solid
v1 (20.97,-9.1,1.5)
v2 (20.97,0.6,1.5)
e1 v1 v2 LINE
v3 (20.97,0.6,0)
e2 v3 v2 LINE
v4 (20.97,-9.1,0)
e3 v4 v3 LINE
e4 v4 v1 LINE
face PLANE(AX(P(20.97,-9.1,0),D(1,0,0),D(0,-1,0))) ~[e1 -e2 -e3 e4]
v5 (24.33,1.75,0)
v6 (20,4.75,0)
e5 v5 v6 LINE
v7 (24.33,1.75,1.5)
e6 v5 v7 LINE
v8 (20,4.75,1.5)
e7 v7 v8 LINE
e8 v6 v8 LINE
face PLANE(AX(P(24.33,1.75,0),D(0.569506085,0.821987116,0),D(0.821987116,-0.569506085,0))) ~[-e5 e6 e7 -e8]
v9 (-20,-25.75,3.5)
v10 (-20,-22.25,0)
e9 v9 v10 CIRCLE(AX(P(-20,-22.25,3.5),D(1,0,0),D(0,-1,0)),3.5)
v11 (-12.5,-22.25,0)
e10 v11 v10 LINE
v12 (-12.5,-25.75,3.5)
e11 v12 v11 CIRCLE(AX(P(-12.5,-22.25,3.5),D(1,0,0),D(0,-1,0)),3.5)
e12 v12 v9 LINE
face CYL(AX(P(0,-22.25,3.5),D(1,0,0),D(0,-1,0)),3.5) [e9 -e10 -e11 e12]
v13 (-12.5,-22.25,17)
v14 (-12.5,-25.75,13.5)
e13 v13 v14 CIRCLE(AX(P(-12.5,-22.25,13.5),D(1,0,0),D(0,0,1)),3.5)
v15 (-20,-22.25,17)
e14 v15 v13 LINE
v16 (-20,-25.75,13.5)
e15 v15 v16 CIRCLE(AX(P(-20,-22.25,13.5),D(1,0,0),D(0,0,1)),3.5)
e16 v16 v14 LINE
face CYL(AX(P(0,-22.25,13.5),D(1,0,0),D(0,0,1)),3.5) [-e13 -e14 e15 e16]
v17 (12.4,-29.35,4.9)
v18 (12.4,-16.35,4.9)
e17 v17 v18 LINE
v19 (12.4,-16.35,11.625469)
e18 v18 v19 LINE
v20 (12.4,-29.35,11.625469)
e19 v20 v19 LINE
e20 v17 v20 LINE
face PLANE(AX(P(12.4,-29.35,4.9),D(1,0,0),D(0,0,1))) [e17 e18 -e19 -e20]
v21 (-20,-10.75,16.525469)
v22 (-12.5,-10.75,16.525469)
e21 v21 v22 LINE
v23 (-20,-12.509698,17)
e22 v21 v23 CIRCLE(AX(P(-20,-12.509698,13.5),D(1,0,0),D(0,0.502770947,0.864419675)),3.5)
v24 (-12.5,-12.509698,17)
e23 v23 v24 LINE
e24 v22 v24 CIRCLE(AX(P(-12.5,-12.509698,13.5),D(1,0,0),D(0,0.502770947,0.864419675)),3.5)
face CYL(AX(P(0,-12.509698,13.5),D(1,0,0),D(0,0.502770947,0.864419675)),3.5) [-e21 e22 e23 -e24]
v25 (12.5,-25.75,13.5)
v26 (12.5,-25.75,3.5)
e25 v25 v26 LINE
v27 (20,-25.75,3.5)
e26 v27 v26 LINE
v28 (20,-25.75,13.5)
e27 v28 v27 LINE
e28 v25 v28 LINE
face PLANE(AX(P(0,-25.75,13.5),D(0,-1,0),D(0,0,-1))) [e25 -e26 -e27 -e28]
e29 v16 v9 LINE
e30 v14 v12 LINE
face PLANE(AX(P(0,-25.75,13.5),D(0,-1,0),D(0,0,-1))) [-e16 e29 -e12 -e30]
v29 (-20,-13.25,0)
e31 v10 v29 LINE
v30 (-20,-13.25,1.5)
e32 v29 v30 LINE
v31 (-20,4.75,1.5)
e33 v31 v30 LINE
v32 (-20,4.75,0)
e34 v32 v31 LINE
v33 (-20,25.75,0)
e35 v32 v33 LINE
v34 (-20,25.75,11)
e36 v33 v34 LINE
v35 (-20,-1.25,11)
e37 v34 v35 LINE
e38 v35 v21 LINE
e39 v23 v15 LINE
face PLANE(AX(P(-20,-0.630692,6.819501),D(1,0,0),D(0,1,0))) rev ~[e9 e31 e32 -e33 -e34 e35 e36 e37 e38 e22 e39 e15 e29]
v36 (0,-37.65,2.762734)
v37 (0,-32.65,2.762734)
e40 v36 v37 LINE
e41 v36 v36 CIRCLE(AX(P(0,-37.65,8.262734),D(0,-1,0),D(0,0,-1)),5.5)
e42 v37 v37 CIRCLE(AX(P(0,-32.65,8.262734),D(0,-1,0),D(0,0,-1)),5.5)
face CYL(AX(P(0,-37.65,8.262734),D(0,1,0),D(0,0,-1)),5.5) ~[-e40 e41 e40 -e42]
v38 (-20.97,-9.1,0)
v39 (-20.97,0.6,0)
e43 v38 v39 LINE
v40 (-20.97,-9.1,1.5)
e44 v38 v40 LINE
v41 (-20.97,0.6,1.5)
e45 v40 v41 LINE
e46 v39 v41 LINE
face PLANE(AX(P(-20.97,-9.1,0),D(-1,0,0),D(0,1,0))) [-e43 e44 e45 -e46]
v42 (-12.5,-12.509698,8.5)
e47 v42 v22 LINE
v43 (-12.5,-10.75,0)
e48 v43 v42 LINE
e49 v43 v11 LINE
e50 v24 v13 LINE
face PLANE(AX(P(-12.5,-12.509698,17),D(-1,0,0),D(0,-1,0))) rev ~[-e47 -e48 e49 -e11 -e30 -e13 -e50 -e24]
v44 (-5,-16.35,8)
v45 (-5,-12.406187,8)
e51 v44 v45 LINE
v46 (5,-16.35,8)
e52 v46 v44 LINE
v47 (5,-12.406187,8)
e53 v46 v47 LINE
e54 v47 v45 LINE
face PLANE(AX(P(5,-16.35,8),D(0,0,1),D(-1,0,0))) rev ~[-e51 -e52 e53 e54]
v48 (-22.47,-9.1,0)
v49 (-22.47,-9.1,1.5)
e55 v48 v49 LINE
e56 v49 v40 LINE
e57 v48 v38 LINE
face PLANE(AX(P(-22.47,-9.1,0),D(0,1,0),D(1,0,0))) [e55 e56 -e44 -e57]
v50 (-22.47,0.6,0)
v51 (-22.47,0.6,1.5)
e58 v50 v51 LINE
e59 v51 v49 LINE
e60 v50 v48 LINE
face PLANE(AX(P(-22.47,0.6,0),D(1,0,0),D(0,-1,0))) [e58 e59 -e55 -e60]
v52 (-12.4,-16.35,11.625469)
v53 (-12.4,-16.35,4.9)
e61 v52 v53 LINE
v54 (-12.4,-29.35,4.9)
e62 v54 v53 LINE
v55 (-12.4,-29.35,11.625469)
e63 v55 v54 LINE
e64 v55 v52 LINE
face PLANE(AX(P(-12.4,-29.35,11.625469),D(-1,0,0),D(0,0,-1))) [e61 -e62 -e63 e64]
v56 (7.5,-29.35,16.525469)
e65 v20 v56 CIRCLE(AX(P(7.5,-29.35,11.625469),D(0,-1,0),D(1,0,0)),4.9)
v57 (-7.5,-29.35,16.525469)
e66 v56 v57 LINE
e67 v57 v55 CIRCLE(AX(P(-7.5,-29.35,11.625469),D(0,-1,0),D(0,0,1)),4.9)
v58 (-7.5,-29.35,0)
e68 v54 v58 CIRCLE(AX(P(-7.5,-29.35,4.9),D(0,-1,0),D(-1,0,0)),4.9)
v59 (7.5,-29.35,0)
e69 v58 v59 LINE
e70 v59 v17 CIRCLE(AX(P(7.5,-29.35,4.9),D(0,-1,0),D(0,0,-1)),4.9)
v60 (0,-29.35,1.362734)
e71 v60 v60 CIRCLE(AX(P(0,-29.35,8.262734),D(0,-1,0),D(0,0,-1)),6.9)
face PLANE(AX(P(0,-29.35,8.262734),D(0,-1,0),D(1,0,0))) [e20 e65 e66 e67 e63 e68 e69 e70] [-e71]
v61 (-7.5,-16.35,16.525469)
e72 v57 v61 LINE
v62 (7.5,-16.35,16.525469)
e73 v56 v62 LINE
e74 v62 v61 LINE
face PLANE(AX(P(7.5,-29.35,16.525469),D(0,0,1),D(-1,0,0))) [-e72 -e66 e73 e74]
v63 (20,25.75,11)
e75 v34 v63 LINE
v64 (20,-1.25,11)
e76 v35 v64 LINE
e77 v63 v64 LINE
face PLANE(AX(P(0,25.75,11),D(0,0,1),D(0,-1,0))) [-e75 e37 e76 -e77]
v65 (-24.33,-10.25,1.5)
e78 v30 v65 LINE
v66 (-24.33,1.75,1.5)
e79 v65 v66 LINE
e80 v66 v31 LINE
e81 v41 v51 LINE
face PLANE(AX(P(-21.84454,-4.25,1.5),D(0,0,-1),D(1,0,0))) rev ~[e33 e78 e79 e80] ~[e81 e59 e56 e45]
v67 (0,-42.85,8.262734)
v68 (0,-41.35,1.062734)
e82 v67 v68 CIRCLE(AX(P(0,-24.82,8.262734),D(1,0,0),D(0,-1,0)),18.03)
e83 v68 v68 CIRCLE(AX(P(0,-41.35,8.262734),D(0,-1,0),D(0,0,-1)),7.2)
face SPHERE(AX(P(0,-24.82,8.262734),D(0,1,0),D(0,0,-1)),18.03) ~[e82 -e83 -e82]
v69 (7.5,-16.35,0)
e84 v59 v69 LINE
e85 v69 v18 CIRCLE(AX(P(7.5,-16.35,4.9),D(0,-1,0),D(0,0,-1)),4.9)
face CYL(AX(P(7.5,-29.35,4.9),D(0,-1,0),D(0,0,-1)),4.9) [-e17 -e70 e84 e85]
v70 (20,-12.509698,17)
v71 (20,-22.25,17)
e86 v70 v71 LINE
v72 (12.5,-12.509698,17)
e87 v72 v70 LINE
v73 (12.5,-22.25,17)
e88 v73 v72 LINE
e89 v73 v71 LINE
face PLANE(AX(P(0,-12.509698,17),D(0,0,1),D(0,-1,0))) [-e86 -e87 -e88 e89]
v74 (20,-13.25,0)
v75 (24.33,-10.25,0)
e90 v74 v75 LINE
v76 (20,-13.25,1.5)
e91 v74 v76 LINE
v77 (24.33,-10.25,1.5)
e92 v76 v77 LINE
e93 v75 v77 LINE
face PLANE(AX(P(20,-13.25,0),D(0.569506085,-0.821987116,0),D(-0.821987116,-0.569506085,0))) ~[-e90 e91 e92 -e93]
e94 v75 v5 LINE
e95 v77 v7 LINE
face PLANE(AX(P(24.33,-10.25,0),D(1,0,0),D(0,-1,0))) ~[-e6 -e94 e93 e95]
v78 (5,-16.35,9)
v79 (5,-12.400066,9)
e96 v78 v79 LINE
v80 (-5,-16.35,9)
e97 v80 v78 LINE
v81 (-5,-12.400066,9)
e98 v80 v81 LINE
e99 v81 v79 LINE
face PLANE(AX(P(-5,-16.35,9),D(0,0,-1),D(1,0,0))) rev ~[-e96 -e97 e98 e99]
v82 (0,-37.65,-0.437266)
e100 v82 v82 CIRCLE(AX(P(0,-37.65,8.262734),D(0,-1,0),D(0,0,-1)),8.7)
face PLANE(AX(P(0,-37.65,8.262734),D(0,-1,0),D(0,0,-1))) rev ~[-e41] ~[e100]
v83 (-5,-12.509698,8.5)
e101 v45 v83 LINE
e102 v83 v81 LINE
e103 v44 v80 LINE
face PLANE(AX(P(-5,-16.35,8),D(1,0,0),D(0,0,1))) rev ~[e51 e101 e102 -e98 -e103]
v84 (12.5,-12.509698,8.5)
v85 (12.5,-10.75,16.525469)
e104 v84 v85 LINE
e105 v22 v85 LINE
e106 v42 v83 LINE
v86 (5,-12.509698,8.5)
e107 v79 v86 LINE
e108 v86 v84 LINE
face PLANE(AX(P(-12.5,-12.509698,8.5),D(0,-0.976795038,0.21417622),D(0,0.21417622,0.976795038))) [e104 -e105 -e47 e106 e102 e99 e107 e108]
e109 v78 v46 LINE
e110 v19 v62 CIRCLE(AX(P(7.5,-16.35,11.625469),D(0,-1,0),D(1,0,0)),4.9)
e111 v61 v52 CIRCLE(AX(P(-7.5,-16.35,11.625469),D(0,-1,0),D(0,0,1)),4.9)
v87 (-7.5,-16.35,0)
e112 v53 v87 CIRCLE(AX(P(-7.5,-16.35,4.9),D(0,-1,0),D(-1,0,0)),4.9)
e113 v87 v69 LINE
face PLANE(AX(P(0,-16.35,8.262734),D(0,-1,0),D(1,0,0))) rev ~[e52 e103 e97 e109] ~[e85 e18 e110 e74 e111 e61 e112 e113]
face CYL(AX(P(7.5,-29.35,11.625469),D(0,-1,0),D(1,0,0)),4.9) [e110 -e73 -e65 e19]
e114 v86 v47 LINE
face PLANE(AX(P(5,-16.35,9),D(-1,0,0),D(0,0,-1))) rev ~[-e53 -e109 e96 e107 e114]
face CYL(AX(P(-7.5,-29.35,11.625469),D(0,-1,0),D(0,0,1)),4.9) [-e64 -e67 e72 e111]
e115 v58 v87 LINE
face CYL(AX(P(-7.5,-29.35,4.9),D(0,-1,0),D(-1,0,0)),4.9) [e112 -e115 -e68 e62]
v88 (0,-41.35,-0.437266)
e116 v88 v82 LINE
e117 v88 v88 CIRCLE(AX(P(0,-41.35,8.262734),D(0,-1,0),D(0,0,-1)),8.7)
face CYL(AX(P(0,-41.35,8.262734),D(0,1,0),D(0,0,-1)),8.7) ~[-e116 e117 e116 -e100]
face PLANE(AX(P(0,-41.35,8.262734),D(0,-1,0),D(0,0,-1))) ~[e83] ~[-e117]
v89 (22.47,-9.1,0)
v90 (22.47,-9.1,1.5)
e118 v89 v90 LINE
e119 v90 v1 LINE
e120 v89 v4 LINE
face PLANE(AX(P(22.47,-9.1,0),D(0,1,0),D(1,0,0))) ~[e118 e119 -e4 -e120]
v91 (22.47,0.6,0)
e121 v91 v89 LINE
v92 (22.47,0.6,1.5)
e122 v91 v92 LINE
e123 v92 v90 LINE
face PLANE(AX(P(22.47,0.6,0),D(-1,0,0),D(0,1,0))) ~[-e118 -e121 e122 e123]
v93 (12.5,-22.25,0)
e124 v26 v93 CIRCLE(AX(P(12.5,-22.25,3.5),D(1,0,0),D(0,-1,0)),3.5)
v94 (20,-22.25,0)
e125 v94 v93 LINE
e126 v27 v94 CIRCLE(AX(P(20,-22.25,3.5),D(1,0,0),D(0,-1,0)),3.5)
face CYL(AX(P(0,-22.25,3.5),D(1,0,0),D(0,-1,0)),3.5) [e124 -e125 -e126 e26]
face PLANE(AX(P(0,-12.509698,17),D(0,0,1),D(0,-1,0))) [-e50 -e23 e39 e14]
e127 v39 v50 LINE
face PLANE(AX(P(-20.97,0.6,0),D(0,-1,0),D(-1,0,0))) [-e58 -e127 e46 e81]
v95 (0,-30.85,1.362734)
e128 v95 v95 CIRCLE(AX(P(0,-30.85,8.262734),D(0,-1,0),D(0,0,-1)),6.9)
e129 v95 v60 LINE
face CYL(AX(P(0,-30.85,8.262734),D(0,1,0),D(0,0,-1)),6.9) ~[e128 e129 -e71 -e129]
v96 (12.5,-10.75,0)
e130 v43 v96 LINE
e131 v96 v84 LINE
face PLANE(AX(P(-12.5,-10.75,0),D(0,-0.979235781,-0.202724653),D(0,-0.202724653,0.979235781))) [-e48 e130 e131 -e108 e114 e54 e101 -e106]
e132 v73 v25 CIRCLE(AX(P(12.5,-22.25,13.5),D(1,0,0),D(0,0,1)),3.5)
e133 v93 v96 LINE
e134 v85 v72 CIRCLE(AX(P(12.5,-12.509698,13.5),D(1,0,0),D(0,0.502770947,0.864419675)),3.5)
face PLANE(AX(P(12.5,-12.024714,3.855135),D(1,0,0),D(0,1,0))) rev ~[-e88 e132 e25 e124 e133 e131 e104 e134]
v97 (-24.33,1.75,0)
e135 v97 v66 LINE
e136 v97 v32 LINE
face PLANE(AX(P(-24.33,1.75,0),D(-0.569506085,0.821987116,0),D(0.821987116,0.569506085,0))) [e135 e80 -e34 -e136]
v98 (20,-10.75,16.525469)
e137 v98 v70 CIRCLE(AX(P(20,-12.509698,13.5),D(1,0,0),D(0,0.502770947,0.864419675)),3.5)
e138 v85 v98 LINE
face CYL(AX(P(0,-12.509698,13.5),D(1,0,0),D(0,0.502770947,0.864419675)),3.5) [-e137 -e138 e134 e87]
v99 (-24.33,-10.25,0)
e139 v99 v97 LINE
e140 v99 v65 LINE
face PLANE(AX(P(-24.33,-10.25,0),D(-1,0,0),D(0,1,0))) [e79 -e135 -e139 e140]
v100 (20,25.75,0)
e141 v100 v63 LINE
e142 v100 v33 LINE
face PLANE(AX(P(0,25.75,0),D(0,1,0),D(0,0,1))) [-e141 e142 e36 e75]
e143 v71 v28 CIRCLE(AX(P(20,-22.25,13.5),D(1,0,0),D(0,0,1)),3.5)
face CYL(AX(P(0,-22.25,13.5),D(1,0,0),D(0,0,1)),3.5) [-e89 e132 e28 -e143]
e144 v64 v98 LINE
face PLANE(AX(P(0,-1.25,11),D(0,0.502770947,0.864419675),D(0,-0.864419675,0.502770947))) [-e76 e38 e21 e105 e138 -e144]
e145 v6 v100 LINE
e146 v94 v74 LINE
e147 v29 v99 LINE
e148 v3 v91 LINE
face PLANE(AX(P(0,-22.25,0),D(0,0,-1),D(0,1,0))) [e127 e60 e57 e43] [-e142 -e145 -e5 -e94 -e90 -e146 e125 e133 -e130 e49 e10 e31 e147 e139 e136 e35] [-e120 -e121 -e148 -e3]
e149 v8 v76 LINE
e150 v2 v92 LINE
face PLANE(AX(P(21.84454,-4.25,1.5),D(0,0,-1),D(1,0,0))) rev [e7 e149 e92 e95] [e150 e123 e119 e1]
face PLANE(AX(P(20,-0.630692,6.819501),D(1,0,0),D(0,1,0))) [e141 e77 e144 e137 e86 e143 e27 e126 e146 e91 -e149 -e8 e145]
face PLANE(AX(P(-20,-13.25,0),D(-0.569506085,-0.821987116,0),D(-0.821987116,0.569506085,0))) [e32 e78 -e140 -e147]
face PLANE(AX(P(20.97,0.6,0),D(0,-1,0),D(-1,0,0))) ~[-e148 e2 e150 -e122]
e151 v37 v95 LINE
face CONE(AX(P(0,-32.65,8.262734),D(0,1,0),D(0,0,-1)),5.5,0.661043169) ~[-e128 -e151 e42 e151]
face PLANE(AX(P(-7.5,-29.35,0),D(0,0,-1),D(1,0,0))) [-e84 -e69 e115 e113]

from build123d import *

# Parameters (mm, degrees)
F1_DEPTH  = 20
F3_DEPTH  = 17
F5_DEPTH  = 25
F7_DEPTH  = 1.5
F11_DEPTH = 13
F13_DEPTH = 42.1


with BuildPart() as f1:
    # F0 (on Right) → F1 (new body, symmetric)
    with BuildSketch(Plane.YZ):
        with BuildLine():
            Line((25.75, 0), (25.75, 11))
            Line((25.75, 11), (-1.25, 11))
            Line((-1.25, 11), (-10.75, 16.5254688627))
            ThreePointArc((-10.75, 16.5254688627), (-11.5984192745, 16.8792855028), (-12.5096983153, 17))
            Line((-12.5096983153, 17), (-22.25, 17))
            ThreePointArc((-22.25, 17), (-24.7248737342, 15.9748737342), (-25.75, 13.5))
            Line((-25.75, 13.5), (-25.75, 3.5))
            ThreePointArc((-25.75, 3.5), (-24.7248737342, 1.0251262658), (-22.25, 0))
            Line((-22.25, 0), (25.75, 0))
        make_face()
    extrude(amount=F1_DEPTH, both=True)

    # F2 (on face) → F3 (cut, through all)
    with BuildSketch(Plane.XY.offset(17)):
        Polygon((0, -12.5096983153), (-12.5, -12.5096983153), (-12.5, -25.75), (0, -25.75), (12.5, -25.75), (12.5, -12.5096983153), align=None)
    extrude(amount=-F3_DEPTH, mode=Mode.SUBTRACT)

    # F4 (on face) → F5 (cut, through all)
    with BuildSketch(Plane.YZ.offset(-12.5)):
        Polygon((-10.75, 0), (-12.5096983153, 8.5), (-12.5096983153, 0), align=None)
        with BuildLine():
            Line((-12.5096983153, 8.5), (-10.75, 16.5254688627))
            ThreePointArc((-10.75, 16.5254688627), (-11.5984192745, 16.8792855028), (-12.5096983153, 17))
            Line((-12.5096983153, 17), (-12.5096983153, 8.5))
        make_face()
    extrude(amount=F5_DEPTH, mode=Mode.SUBTRACT)

    # F6 (on face) → F7 (join)
    with BuildSketch(Plane(origin=(0, 0, 0), x_dir=(1, 0, 0), z_dir=(0, 0, -1))):
        Polygon((-24.33, -1.75), (-20, -4.75), (-20, 13.25), (-24.33, 10.25), (-24.33, 4.25), align=None)
        Polygon((-22.47, 4.25), (-22.47, 9.1), (-20.97, 9.1), (-20.97, 4.25), (-20.97, -0.6), (-22.47, -0.6), align=None, mode=Mode.SUBTRACT)
    extrude(amount=-F7_DEPTH)

    # F8: F1 across plane


with BuildPart() as f1_1:
    add(f1.part)
    add(f1.part.mirror(Plane.YZ))



with BuildPart() as f11:
    # F10 (on offset) → F11 (new body)
    with BuildSketch(Plane.XZ.offset(29.35)):
        with BuildLine():
            Line((0, 16.5254688627), (-7.5, 16.5254688627))
            ThreePointArc((-7.5, 16.5254688627), (-10.9648232278, 15.0902920905), (-12.4, 11.6254688627))
            Line((-12.4, 11.6254688627), (-12.4, 4.9))
            ThreePointArc((-12.4, 4.9), (-10.9648232278, 1.4351767722), (-7.5, 0))
            Line((-7.5, 0), (0, 0))
            Line((0, 0), (7.5, 0))
            ThreePointArc((7.5, 0), (10.9648232278, 1.4351767722), (12.4, 4.9))
            Line((12.4, 4.9), (12.4, 11.6254688627))
            ThreePointArc((12.4, 11.6254688627), (10.9648232278, 15.0902920905), (7.5, 16.5254688627))
            Line((7.5, 16.5254688627), (0, 16.5254688627))
        make_face()
    extrude(amount=-F11_DEPTH)


with BuildPart() as f1_2:
    add(f1_1.part)

    add(f11.part)  # F13 merges F11
    # F12 (on face) → F13 (join, through all)
    with BuildSketch(Plane(origin=(0, -16.35, 0), x_dir=(-1, 0, 0), z_dir=(0, 1, 0))):
        Polygon((0, 8.9999999979), (-5, 8.9999999979), (-5, 8.4999999979), (-5, 7.9999999979), (0, 7.9999999979), (5, 7.9999999979), (5, 8.4999999979), (5, 8.9999999979), align=None)
    extrude(amount=F13_DEPTH)

    # F14 (on Right) → F15 (revolve)
    with BuildSketch(Plane.YZ):
        with BuildLine():
            Line((-29.35, 4.9), (-29.35, 8.2627344313))
            Line((-29.35, 8.2627344313), (-41.35, 8.2627344313))
            Line((-41.35, 8.2627344313), (-42.85, 8.2627344313))
            ThreePointArc((-42.85, 8.2627344313), (-42.4710169679, 4.5854392297), (-41.35, 1.0627344313))
            Line((-41.35, 1.0627344313), (-41.35, -0.4372655687))
            Line((-41.35, -0.4372655687), (-37.65, -0.4372655687))
            Line((-37.65, -0.4372655687), (-37.65, 2.7627344313))
            Line((-37.65, 2.7627344313), (-32.65, 2.7627344313))
            Line((-32.65, 2.7627344313), (-30.85, 1.3627344313))
            Line((-30.85, 1.3627344313), (-29.35, 1.3627344313))
            Line((-29.35, 1.3627344313), (-29.35, 4.9))
        make_face()
    revolve(axis=Axis((0, -35.35, 8.2627344313), (0, -1, 0)))


solid = f1_2.part
